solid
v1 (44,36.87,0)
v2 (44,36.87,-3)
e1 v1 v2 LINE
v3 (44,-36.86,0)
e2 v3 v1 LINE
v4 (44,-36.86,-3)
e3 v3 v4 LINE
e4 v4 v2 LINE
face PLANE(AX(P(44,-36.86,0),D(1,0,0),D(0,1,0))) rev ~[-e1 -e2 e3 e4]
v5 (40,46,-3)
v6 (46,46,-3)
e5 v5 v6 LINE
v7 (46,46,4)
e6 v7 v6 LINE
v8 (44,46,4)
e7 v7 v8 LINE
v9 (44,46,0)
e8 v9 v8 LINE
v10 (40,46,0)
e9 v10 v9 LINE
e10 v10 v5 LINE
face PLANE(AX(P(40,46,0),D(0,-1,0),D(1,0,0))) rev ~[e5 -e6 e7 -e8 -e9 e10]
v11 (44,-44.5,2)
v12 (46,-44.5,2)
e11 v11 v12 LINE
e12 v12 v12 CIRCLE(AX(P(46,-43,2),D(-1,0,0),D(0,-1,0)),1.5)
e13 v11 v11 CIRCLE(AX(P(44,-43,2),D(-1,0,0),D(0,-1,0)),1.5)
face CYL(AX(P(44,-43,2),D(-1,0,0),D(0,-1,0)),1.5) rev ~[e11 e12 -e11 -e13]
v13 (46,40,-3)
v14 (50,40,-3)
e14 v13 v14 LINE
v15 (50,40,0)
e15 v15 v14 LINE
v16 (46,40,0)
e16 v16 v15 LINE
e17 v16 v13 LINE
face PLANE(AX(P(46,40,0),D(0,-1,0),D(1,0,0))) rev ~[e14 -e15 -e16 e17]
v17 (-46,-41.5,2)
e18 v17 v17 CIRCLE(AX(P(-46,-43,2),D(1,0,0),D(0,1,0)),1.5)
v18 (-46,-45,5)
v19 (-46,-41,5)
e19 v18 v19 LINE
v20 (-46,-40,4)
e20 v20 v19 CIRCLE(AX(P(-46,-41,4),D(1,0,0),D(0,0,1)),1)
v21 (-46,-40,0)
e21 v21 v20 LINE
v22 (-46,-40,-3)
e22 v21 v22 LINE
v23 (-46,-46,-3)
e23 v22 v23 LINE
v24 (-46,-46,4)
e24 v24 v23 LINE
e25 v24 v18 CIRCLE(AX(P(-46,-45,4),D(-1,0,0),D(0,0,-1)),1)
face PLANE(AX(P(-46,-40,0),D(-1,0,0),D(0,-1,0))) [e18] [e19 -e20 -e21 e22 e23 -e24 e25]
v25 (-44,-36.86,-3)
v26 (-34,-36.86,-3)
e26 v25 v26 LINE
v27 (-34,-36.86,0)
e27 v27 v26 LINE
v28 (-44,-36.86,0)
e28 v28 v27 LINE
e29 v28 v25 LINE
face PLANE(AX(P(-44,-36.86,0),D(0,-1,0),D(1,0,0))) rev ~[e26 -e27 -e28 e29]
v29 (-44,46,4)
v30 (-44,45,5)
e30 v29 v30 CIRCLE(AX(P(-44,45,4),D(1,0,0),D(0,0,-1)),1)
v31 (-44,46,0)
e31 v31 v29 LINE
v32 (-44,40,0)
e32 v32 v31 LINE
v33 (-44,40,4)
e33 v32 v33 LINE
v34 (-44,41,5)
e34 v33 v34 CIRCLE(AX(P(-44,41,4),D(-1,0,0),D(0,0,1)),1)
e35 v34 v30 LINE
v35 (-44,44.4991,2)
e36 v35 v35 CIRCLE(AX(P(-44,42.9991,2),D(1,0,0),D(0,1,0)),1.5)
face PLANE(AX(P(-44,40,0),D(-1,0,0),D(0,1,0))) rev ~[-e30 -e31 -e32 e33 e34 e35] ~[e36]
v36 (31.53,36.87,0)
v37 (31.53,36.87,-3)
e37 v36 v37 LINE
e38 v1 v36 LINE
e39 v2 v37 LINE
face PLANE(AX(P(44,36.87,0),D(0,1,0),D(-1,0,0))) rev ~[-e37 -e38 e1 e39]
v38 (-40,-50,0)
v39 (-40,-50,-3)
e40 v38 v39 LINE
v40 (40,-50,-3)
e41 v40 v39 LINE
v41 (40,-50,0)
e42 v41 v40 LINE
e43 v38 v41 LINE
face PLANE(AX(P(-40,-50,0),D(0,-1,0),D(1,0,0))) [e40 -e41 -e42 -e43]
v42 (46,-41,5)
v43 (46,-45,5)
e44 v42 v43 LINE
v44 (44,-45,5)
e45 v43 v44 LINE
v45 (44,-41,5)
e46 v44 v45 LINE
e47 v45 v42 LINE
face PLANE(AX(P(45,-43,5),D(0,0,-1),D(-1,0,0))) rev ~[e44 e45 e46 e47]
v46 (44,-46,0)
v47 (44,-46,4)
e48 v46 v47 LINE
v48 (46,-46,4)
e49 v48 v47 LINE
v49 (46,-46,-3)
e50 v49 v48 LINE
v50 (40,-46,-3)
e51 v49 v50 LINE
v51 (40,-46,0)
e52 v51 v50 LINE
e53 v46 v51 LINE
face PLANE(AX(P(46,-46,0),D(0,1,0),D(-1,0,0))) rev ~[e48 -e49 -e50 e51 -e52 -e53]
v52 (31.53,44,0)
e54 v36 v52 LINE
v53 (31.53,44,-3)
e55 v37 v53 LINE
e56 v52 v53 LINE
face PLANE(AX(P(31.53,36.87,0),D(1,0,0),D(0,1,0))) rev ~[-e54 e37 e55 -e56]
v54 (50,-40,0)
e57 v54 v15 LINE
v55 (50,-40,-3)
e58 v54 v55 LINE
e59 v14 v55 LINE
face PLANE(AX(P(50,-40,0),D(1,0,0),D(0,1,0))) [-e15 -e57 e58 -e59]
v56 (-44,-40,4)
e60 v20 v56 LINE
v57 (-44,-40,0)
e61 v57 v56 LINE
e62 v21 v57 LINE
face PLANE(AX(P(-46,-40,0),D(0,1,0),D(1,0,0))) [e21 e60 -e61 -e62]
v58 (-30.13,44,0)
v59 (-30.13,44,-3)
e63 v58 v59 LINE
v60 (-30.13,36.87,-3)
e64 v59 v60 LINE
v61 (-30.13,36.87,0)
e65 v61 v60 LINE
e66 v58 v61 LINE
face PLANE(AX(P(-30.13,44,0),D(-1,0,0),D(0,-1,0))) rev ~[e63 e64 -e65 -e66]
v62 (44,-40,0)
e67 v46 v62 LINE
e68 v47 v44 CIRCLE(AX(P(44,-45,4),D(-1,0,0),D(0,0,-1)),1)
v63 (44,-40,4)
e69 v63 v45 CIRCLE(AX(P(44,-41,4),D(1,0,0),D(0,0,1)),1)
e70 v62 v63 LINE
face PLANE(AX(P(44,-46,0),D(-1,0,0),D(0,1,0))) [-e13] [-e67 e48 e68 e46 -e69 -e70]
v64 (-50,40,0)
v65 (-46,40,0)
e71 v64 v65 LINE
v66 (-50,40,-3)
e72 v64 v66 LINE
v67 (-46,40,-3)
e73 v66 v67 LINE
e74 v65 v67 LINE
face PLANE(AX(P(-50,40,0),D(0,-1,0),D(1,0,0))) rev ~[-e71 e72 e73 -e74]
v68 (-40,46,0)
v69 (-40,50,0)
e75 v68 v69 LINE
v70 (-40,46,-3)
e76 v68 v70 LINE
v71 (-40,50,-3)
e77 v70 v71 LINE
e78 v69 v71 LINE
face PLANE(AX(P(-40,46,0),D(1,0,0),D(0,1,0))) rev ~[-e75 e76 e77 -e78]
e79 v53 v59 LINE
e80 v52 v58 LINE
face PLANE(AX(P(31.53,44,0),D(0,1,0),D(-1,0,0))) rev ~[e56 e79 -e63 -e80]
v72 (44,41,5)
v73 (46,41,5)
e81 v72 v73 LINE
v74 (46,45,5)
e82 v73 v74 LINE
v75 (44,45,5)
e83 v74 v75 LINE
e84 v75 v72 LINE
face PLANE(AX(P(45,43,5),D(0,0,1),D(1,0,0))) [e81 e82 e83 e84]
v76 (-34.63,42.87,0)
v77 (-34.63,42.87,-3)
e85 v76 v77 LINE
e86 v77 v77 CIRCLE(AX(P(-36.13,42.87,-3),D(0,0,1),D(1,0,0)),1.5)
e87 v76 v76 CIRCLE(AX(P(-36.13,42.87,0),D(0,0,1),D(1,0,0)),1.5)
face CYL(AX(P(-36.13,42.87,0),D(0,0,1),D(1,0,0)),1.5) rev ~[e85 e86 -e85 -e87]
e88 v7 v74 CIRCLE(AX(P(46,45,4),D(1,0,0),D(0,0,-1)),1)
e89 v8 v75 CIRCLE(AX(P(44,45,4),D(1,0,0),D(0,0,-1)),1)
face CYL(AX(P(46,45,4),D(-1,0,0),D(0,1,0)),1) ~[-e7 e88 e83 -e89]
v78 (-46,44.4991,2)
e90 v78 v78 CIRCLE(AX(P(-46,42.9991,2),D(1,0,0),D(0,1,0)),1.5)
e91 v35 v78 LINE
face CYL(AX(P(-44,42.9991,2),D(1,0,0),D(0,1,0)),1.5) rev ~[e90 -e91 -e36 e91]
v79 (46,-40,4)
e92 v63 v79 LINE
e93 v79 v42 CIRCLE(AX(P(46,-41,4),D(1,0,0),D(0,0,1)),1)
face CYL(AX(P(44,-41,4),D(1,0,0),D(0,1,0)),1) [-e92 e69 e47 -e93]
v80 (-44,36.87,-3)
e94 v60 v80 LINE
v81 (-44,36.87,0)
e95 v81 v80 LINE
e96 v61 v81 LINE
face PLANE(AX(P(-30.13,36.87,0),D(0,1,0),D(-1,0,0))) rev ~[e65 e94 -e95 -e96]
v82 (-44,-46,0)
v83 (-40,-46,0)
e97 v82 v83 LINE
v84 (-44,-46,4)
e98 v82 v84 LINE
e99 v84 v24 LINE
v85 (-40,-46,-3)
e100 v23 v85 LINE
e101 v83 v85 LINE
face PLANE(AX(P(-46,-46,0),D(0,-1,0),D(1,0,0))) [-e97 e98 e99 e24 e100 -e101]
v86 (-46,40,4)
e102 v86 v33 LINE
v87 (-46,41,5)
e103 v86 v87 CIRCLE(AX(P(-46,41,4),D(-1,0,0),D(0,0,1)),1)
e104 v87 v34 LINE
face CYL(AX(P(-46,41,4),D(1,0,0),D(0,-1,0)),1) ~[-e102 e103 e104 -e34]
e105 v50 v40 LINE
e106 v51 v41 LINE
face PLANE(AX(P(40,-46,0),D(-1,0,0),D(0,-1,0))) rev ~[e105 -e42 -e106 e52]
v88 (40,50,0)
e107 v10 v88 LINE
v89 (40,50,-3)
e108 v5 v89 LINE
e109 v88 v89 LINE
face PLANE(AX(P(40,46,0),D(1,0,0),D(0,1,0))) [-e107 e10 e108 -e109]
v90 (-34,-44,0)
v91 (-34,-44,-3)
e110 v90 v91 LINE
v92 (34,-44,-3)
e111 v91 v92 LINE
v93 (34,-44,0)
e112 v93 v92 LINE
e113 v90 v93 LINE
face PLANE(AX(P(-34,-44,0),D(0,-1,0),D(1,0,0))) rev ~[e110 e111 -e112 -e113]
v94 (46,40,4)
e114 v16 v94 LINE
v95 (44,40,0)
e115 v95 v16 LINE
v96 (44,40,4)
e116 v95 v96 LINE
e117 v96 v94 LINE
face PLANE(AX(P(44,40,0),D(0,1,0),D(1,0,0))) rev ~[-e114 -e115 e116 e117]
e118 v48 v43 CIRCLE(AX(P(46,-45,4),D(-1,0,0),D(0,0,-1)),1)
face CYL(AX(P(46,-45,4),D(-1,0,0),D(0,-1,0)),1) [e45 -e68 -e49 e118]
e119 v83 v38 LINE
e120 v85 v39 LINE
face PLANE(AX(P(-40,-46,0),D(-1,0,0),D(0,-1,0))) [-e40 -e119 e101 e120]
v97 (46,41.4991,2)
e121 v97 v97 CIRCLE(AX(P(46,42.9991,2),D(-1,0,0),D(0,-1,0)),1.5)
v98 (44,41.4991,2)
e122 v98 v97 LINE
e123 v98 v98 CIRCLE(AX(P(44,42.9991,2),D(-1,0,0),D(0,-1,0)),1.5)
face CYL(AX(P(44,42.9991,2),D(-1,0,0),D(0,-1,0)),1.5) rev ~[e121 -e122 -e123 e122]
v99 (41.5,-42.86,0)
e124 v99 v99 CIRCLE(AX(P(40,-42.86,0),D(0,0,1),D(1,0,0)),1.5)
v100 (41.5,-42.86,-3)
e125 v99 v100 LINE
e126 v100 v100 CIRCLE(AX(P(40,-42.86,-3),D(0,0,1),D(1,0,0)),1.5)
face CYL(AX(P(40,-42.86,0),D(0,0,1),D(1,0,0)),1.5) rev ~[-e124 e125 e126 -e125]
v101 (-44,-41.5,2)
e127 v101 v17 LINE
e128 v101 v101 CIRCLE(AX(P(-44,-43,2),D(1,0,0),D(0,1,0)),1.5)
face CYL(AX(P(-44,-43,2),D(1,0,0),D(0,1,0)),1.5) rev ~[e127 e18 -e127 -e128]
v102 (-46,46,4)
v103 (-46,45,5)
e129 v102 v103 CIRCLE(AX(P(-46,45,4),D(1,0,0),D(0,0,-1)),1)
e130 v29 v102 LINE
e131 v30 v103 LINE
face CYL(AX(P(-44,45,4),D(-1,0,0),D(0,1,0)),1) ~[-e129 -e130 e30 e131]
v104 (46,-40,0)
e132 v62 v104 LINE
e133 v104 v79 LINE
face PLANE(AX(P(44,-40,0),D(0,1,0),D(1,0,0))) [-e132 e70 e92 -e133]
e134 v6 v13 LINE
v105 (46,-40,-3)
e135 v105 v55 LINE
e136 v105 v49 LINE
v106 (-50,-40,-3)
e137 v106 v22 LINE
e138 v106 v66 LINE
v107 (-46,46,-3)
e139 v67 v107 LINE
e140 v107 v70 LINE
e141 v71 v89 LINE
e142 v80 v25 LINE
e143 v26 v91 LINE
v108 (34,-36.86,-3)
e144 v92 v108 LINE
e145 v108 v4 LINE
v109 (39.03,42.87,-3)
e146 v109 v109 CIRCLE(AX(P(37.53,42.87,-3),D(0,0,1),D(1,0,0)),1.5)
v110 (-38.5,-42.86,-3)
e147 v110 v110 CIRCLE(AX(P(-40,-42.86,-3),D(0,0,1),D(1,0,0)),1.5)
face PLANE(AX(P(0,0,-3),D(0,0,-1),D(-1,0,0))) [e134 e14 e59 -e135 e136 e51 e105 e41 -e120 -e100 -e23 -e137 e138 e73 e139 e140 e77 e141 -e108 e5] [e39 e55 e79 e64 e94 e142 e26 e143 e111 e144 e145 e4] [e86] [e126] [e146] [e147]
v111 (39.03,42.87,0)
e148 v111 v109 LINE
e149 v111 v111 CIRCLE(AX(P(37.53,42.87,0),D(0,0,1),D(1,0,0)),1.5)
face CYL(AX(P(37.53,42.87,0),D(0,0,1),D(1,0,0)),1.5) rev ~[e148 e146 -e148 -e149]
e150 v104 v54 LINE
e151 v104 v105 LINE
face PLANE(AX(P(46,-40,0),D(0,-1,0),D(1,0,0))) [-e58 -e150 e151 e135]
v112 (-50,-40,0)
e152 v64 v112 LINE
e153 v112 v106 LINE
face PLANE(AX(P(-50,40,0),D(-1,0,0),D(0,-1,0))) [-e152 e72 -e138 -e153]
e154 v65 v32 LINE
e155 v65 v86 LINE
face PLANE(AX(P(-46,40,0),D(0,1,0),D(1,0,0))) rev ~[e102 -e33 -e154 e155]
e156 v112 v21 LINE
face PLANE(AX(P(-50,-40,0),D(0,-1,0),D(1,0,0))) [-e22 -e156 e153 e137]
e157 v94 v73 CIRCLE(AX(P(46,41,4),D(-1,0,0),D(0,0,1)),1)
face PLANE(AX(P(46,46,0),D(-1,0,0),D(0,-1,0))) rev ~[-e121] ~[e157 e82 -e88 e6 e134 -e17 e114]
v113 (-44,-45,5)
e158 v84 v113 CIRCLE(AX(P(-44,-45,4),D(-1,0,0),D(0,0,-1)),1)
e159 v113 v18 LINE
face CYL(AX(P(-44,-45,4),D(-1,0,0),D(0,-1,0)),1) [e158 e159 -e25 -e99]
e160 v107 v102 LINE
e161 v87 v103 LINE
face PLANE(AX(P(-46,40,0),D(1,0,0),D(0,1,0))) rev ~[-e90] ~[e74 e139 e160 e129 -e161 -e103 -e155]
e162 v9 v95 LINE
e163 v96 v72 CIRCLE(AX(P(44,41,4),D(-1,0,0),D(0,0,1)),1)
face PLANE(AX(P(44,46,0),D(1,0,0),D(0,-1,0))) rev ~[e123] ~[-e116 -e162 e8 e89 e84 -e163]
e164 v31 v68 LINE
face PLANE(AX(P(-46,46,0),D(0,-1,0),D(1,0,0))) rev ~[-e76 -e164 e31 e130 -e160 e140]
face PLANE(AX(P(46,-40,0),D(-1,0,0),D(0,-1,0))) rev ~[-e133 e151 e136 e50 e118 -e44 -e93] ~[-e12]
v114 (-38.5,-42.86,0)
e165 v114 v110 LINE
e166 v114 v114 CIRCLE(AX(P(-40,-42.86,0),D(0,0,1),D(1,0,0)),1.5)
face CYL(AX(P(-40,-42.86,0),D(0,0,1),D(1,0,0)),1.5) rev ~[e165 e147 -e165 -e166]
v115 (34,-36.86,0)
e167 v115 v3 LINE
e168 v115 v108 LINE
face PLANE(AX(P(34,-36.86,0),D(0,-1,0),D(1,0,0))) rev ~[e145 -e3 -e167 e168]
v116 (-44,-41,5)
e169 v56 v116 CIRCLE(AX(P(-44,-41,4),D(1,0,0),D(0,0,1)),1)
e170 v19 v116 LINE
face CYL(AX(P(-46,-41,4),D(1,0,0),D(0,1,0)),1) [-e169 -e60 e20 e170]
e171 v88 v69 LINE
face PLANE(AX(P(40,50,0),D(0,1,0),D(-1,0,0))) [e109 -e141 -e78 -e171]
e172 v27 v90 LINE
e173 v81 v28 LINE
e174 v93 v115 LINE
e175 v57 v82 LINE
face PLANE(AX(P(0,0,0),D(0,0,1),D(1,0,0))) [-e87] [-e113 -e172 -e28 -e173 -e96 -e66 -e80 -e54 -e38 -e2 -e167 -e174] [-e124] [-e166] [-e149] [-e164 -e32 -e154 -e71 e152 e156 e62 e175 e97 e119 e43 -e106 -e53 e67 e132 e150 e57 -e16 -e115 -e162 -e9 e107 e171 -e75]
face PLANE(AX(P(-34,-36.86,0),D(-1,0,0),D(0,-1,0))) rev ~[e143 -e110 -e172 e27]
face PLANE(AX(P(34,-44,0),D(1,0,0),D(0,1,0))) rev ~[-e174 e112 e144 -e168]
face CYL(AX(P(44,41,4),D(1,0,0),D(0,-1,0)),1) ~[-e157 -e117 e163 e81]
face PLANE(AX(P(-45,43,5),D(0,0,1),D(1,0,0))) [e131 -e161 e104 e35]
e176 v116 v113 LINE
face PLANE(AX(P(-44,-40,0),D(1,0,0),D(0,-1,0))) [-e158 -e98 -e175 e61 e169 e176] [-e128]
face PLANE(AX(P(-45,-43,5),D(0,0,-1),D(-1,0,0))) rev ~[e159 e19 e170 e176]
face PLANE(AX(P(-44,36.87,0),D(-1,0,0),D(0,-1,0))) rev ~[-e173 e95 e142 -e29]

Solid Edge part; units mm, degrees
sketch "Sketch1" plane through (0, 0, 0) normal (0, 0, 1) x (1, 0, 0)
  line L0 (-40, -50) -> (40, -50)
  line L1 (40, -50) -> (50, -50)
  line L2 (50, -50) -> (50, -40)
  line L3 (50, -40) -> (50, 40)
  line L4 (50, 50) -> (50, 40)
  line L5 (40, 50) -> (50, 50)
  line L6 (40, 50) -> (-40, 50)
  line L7 (-50, 50) -> (-40, 50)
  line L8 (-50, 40) -> (-50, 50)
  line L9 (-50, 40) -> (-50, -40)
  line L10 (-50, -40) -> (-50, -50)
  line L11 (-50, -50) -> (-40, -50)
extrude "Protrusion1" add sketch "Sketch1" against normal blind 5
sketch "Sketch2" plane through (0, 0, 0) normal (0, 0, 1) x (1, 0, 0)
  line L0 (50, 50) -> (40, 50)
  line L1 (40, 46) -> (40, 50)
  line L2 (40, 46) -> (46, 46)
  line L3 (46, 46) -> (46, 40)
  line L4 (46, 40) -> (50, 40)
  line L5 (50, 40) -> (50, 50)
  line L6 (50, -40) -> (50, -50)
  line L7 (50, -50) -> (40, -50)
  line L8 (40, -46) -> (40, -50)
  line L9 (46, -46) -> (40, -46)
  line L10 (46, -40) -> (46, -46)
  line L11 (46, -40) -> (50, -40)
  line L12 (-50, -50) -> (-40, -50)
  line L13 (-40, -46) -> (-40, -50)
  line L14 (-46, -46) -> (-40, -46)
  line L15 (-46, -40) -> (-46, -46)
  line L16 (-50, -40) -> (-46, -40)
  line L17 (-50, -40) -> (-50, -50)
  line L18 (-46, 40) -> (-46, 46)
  line L19 (-46, 46) -> (-40, 46)
  line L20 (-40, 46) -> (-40, 50)
  line L21 (-40, 50) -> (-50, 50)
  line L22 (-50, 50) -> (-50, 40)
  line L23 (-50, 40) -> (-46, 40)
  dimension "D1" = 10
  dimension "D2" = 4
  dimension "D3" = 10
  dimension "D4" = 4
  dimension "D5" = 10
  dimension "D6" = 10
  dimension "D7" = 4
  dimension "D8" = 4
  dimension "D9" = 4
  dimension "D10" = 10
  dimension "D11" = 10
  dimension "D12" = 4
  dimension "D13" = 10
  dimension "D14" = 10
  dimension "D15" = 4
  dimension "D16" = 4
extrude "ExtrudedCutout_1" cut sketch "Sketch2" against normal blind 11.3526
sketch "Sketch3" plane through (0, 0, 0) normal (0, 0, 1) x (1, 0, 0)
  circle A0 centre (-40, -42.86) radius 1.5
  circle A1 centre (-36.13, 42.87) radius 1.5
  circle A2 centre (40, -42.86) radius 1.5
  circle A3 centre (37.53, 42.87) radius 1.5
  dimension "D1" = 10
  dimension "D2" = 7.14
  dimension "D3" = 3
  dimension "D4" = 3
  dimension "D5" = 92.87
  dimension "D6" = 13.87
  dimension "D7" = 3
  dimension "D8" = 90
  dimension "D9" = 3
  dimension "D10" = 87.53
  dimension "D11" = 92.87
extrude "Cutout1" cut sketch "Sketch3" against normal blind 5
sketch "Sketch4" plane through (0, 0, 0) normal (0, 0, 1) x (0, 1, 0)
  line L0 (36.87, 44) -> (-36.86, 44)
  line L1 (-36.86, 44) -> (-36.86, 34)
  line L2 (-36.86, 34) -> (-44, 34)
  line L3 (-44, 34) -> (-44, -34)
  line L4 (-44, -34) -> (-36.86, -34)
  line L5 (-36.86, -34) -> (-36.86, -44)
  line L6 (-36.86, -44) -> (36.87, -44)
  line L7 (36.87, -44) -> (36.87, -31.53)
  line L8 (36.87, -31.53) -> (44, -31.53)
  line L9 (44, -31.53) -> (44, 30.13)
  line L10 (44, 30.13) -> (36.87, 30.13)
  line L11 (36.87, 30.13) -> (36.87, 44)
  dimension "D1" = 6
  dimension "D2" = 6
  dimension "D3" = 6
  dimension "D4" = 6
  dimension "D5" = 6
  dimension "D6" = 6
  dimension "D7" = 6
  dimension "D8" = 6
  dimension "D9" = 6
  dimension "D10" = 6
  dimension "D11" = 6
  dimension "D12" = 6
extrude "Cutout2" cut sketch "Sketch4" against normal blind 5
sketch "Sketch5" plane through (0, 0, 0) normal (0, 0, 1) x (1, 0, 0)
  line L0 (-46, 40) -> (-44, 40)
  line L1 (-44, 40) -> (-44, 46)
  line L2 (-44, 46) -> (-46, 46)
  line L3 (-46, 40) -> (-46, 46)
  line L4 (46, 46) -> (44, 46)
  line L5 (44, 46) -> (44, 40)
  line L6 (44, 40) -> (46, 40)
  line L7 (46, 40) -> (46, 46)
  line L8 (-46, -40) -> (-44, -40)
  line L9 (-44, -40) -> (-44, -46)
  line L10 (-44, -46) -> (-46, -46)
  line L11 (-46, -46) -> (-46, -40)
  line L12 (46, -46) -> (44, -46)
  line L13 (44, -46) -> (44, -40)
  line L14 (44, -40) -> (46, -40)
  line L15 (46, -40) -> (46, -46)
extrude "ExtrudedProtrusion_3" add sketch "Sketch5" along normal blind 5
sketch "Sketch6" plane through (-44, -43, 3) normal (1, 0, 0) x (0, 1, 0)
  circle A0 centre (0, -1) radius 1.5
  circle A1 centre (85.9991, -1) radius 1.5
  dimension "D1" = 3
  dimension "D2" = 3
  dimension "D3" = 3
  dimension "D4" = 3
  dimension "D5" = 2.9991
  dimension "D6" = 3
extrude "ExtrudedCutout_14" cut sketch "Sketch6" against normal blind 2
sketch "Sketch7" plane through (44, 43, 2.5) normal (-1, 0, 0) x (0, -1, 0)
  circle A0 centre (0.0009, -0.5) radius 1.5
  circle A1 centre (86, -0.5) radius 1.5
extrude "ExtrudedCutout_15" cut sketch "Sketch7" against normal blind 2
fillet "Round_2" radius 1 8 edges at (45, 40, 5) (45, 46, 5) (-45, 40, 5) (-45, 46, 5) (-45, -46, 5) (-45, -40, 5) (45, -46, 5) (45, -40, 5)
sketch "Sketch8" plane through (0, 0, -5) normal (0, 0, -1) x (0, -1, 0)
  line L0 (-50, -50) -> (50, -50)
  line L1 (50, -50) -> (50, 50)
  line L2 (50, 50) -> (-50, 50)
  line L3 (-50, 50) -> (-50, -50)
  dimension "D1" = 100
  dimension "D2" = 100
extrude "ExtrudedCutout_16" cut sketch "Sketch8" against normal blind 2
